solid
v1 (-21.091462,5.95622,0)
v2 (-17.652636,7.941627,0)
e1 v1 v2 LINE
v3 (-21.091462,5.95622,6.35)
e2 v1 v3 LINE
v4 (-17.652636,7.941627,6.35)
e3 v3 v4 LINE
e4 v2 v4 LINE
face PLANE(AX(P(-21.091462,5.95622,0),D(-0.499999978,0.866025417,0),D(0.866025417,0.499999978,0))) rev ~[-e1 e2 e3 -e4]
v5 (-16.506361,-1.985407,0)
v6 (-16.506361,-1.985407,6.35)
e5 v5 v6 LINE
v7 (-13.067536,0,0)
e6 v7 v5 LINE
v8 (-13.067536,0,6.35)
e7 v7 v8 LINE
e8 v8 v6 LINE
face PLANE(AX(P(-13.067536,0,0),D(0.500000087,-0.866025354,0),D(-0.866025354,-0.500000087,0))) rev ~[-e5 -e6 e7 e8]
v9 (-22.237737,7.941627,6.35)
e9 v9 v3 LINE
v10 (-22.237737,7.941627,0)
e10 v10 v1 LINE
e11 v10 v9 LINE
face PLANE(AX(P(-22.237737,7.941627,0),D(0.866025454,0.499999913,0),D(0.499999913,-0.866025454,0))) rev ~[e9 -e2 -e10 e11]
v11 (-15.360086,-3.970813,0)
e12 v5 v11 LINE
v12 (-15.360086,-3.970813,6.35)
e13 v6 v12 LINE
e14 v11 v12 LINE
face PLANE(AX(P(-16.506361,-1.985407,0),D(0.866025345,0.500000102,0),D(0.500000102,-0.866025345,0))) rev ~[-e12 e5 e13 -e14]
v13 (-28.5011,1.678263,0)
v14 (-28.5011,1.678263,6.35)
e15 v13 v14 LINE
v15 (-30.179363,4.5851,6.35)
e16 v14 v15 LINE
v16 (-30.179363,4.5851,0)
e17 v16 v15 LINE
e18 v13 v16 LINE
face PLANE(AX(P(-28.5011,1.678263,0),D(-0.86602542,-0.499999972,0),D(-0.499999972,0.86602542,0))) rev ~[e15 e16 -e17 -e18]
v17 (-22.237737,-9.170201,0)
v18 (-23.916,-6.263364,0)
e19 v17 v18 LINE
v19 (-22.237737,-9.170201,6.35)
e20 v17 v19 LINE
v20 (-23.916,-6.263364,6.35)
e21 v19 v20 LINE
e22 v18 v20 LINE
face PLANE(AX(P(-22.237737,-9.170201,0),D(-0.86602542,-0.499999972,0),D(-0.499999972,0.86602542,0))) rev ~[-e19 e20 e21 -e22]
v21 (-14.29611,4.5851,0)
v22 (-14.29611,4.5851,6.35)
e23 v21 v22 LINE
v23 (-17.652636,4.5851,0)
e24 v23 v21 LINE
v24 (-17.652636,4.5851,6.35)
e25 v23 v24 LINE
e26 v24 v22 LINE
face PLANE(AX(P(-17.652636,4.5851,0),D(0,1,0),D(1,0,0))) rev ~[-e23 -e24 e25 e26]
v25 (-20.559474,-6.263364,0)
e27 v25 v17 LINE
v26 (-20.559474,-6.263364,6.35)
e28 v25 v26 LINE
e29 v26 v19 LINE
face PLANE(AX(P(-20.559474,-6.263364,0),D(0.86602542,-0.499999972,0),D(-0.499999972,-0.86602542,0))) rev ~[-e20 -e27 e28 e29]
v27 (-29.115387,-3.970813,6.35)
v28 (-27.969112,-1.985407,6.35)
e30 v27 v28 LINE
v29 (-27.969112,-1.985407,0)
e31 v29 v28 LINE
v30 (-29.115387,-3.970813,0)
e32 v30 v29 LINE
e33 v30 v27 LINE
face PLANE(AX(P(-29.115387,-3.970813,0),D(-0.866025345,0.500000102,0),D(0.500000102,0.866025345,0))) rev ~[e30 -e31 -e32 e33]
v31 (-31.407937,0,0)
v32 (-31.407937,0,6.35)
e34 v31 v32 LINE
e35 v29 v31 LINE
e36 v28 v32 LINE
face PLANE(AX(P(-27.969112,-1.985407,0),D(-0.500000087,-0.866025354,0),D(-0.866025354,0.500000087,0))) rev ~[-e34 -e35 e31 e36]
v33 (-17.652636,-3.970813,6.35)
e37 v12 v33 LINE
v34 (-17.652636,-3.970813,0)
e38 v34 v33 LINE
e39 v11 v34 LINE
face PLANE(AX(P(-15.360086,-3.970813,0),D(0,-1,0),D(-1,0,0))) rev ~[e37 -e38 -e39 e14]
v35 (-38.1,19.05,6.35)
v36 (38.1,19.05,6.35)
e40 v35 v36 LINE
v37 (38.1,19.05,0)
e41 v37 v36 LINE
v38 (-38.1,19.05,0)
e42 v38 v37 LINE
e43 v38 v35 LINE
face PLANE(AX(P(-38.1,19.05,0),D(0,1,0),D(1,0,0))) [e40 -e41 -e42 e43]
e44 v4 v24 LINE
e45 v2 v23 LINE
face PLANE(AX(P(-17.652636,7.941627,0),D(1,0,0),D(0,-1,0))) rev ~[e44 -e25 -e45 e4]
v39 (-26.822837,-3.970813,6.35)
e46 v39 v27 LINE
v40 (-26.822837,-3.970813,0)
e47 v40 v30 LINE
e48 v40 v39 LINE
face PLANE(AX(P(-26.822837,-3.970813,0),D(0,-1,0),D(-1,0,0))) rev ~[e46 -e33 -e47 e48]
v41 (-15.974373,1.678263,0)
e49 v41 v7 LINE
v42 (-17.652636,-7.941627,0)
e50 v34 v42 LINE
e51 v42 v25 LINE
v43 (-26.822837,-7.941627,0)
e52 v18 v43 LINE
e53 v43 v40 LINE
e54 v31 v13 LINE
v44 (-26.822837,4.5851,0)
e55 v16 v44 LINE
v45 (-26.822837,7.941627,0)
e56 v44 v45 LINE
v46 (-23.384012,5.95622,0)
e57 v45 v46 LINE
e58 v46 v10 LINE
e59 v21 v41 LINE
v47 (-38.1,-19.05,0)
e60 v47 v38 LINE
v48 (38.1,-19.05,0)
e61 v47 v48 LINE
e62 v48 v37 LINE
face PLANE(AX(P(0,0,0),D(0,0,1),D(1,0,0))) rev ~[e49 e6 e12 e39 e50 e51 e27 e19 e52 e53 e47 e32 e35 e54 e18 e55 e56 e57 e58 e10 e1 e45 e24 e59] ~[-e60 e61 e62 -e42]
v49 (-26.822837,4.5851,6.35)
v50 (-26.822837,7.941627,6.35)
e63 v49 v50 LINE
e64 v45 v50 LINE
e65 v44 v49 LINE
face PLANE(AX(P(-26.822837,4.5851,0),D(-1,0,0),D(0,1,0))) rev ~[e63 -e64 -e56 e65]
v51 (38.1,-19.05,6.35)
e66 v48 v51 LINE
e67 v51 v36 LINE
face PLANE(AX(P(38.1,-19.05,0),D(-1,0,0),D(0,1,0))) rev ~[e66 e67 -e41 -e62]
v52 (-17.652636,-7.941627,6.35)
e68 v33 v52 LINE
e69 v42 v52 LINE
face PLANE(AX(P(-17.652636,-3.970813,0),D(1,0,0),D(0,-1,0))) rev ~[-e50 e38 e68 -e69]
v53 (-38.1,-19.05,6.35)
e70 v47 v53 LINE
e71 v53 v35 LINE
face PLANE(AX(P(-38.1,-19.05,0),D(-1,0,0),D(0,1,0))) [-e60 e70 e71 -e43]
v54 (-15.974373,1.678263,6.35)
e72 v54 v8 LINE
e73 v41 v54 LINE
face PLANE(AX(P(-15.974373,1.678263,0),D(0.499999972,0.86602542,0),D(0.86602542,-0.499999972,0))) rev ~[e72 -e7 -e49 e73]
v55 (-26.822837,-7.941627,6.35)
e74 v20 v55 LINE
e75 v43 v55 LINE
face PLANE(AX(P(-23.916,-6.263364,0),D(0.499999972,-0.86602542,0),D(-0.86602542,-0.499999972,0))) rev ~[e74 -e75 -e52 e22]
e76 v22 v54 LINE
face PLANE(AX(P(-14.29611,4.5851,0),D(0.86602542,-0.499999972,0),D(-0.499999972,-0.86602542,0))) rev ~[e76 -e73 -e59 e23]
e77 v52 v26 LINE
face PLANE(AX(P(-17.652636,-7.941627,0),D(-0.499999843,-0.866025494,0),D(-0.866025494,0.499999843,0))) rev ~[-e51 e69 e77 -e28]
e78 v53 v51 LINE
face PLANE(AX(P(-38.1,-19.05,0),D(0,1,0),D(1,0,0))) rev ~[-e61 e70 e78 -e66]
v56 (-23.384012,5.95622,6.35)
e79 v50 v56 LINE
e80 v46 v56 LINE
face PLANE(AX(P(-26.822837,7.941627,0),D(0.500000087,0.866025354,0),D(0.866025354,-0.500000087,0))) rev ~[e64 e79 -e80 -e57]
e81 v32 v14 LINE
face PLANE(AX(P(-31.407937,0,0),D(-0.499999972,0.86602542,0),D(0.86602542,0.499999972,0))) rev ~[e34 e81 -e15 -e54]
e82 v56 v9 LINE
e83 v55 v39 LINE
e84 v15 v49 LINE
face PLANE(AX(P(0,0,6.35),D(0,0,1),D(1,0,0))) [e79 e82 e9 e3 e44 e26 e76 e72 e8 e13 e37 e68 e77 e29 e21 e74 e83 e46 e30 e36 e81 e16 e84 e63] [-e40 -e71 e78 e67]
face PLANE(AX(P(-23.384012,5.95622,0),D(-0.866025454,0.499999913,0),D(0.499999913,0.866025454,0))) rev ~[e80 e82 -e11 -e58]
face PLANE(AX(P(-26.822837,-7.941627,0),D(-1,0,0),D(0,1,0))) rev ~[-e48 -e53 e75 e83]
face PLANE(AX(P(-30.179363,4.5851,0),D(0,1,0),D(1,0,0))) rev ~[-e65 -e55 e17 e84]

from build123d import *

# Parameters (mm, degrees)
F0_W     = 76.2
F0_H     = 38.1
F1_DEPTH = 6.35


with BuildPart() as f1:
    # F0 (on Top) → F1 (new body)
    with BuildSketch(Plane.XY):
        Rectangle(F0_W, F0_H)
        Polygon((-21.091462, 5.95622), (-17.652636, 7.941627), (-17.652636, 4.5851), (-14.29611, 4.5851), (-15.974373, 1.678263), (-13.067536, 0), (-16.506361, -1.985407), (-15.360086, -3.970813), (-17.652636, -3.970813), (-17.652636, -7.941627), (-20.559474, -6.263364), (-22.237737, -9.170201), (-23.916, -6.263364), (-26.822837, -7.941627), (-26.822837, -3.970813), (-29.115387, -3.970813), (-27.969112, -1.985407), (-31.407937, 0), (-28.5011, 1.678263), (-30.179363, 4.5851), (-26.822837, 4.5851), (-26.822837, 7.941627), (-23.384012, 5.95622), (-22.237737, 7.941627), align=None, mode=Mode.SUBTRACT)
    extrude(amount=F1_DEPTH)


solid = f1.part
